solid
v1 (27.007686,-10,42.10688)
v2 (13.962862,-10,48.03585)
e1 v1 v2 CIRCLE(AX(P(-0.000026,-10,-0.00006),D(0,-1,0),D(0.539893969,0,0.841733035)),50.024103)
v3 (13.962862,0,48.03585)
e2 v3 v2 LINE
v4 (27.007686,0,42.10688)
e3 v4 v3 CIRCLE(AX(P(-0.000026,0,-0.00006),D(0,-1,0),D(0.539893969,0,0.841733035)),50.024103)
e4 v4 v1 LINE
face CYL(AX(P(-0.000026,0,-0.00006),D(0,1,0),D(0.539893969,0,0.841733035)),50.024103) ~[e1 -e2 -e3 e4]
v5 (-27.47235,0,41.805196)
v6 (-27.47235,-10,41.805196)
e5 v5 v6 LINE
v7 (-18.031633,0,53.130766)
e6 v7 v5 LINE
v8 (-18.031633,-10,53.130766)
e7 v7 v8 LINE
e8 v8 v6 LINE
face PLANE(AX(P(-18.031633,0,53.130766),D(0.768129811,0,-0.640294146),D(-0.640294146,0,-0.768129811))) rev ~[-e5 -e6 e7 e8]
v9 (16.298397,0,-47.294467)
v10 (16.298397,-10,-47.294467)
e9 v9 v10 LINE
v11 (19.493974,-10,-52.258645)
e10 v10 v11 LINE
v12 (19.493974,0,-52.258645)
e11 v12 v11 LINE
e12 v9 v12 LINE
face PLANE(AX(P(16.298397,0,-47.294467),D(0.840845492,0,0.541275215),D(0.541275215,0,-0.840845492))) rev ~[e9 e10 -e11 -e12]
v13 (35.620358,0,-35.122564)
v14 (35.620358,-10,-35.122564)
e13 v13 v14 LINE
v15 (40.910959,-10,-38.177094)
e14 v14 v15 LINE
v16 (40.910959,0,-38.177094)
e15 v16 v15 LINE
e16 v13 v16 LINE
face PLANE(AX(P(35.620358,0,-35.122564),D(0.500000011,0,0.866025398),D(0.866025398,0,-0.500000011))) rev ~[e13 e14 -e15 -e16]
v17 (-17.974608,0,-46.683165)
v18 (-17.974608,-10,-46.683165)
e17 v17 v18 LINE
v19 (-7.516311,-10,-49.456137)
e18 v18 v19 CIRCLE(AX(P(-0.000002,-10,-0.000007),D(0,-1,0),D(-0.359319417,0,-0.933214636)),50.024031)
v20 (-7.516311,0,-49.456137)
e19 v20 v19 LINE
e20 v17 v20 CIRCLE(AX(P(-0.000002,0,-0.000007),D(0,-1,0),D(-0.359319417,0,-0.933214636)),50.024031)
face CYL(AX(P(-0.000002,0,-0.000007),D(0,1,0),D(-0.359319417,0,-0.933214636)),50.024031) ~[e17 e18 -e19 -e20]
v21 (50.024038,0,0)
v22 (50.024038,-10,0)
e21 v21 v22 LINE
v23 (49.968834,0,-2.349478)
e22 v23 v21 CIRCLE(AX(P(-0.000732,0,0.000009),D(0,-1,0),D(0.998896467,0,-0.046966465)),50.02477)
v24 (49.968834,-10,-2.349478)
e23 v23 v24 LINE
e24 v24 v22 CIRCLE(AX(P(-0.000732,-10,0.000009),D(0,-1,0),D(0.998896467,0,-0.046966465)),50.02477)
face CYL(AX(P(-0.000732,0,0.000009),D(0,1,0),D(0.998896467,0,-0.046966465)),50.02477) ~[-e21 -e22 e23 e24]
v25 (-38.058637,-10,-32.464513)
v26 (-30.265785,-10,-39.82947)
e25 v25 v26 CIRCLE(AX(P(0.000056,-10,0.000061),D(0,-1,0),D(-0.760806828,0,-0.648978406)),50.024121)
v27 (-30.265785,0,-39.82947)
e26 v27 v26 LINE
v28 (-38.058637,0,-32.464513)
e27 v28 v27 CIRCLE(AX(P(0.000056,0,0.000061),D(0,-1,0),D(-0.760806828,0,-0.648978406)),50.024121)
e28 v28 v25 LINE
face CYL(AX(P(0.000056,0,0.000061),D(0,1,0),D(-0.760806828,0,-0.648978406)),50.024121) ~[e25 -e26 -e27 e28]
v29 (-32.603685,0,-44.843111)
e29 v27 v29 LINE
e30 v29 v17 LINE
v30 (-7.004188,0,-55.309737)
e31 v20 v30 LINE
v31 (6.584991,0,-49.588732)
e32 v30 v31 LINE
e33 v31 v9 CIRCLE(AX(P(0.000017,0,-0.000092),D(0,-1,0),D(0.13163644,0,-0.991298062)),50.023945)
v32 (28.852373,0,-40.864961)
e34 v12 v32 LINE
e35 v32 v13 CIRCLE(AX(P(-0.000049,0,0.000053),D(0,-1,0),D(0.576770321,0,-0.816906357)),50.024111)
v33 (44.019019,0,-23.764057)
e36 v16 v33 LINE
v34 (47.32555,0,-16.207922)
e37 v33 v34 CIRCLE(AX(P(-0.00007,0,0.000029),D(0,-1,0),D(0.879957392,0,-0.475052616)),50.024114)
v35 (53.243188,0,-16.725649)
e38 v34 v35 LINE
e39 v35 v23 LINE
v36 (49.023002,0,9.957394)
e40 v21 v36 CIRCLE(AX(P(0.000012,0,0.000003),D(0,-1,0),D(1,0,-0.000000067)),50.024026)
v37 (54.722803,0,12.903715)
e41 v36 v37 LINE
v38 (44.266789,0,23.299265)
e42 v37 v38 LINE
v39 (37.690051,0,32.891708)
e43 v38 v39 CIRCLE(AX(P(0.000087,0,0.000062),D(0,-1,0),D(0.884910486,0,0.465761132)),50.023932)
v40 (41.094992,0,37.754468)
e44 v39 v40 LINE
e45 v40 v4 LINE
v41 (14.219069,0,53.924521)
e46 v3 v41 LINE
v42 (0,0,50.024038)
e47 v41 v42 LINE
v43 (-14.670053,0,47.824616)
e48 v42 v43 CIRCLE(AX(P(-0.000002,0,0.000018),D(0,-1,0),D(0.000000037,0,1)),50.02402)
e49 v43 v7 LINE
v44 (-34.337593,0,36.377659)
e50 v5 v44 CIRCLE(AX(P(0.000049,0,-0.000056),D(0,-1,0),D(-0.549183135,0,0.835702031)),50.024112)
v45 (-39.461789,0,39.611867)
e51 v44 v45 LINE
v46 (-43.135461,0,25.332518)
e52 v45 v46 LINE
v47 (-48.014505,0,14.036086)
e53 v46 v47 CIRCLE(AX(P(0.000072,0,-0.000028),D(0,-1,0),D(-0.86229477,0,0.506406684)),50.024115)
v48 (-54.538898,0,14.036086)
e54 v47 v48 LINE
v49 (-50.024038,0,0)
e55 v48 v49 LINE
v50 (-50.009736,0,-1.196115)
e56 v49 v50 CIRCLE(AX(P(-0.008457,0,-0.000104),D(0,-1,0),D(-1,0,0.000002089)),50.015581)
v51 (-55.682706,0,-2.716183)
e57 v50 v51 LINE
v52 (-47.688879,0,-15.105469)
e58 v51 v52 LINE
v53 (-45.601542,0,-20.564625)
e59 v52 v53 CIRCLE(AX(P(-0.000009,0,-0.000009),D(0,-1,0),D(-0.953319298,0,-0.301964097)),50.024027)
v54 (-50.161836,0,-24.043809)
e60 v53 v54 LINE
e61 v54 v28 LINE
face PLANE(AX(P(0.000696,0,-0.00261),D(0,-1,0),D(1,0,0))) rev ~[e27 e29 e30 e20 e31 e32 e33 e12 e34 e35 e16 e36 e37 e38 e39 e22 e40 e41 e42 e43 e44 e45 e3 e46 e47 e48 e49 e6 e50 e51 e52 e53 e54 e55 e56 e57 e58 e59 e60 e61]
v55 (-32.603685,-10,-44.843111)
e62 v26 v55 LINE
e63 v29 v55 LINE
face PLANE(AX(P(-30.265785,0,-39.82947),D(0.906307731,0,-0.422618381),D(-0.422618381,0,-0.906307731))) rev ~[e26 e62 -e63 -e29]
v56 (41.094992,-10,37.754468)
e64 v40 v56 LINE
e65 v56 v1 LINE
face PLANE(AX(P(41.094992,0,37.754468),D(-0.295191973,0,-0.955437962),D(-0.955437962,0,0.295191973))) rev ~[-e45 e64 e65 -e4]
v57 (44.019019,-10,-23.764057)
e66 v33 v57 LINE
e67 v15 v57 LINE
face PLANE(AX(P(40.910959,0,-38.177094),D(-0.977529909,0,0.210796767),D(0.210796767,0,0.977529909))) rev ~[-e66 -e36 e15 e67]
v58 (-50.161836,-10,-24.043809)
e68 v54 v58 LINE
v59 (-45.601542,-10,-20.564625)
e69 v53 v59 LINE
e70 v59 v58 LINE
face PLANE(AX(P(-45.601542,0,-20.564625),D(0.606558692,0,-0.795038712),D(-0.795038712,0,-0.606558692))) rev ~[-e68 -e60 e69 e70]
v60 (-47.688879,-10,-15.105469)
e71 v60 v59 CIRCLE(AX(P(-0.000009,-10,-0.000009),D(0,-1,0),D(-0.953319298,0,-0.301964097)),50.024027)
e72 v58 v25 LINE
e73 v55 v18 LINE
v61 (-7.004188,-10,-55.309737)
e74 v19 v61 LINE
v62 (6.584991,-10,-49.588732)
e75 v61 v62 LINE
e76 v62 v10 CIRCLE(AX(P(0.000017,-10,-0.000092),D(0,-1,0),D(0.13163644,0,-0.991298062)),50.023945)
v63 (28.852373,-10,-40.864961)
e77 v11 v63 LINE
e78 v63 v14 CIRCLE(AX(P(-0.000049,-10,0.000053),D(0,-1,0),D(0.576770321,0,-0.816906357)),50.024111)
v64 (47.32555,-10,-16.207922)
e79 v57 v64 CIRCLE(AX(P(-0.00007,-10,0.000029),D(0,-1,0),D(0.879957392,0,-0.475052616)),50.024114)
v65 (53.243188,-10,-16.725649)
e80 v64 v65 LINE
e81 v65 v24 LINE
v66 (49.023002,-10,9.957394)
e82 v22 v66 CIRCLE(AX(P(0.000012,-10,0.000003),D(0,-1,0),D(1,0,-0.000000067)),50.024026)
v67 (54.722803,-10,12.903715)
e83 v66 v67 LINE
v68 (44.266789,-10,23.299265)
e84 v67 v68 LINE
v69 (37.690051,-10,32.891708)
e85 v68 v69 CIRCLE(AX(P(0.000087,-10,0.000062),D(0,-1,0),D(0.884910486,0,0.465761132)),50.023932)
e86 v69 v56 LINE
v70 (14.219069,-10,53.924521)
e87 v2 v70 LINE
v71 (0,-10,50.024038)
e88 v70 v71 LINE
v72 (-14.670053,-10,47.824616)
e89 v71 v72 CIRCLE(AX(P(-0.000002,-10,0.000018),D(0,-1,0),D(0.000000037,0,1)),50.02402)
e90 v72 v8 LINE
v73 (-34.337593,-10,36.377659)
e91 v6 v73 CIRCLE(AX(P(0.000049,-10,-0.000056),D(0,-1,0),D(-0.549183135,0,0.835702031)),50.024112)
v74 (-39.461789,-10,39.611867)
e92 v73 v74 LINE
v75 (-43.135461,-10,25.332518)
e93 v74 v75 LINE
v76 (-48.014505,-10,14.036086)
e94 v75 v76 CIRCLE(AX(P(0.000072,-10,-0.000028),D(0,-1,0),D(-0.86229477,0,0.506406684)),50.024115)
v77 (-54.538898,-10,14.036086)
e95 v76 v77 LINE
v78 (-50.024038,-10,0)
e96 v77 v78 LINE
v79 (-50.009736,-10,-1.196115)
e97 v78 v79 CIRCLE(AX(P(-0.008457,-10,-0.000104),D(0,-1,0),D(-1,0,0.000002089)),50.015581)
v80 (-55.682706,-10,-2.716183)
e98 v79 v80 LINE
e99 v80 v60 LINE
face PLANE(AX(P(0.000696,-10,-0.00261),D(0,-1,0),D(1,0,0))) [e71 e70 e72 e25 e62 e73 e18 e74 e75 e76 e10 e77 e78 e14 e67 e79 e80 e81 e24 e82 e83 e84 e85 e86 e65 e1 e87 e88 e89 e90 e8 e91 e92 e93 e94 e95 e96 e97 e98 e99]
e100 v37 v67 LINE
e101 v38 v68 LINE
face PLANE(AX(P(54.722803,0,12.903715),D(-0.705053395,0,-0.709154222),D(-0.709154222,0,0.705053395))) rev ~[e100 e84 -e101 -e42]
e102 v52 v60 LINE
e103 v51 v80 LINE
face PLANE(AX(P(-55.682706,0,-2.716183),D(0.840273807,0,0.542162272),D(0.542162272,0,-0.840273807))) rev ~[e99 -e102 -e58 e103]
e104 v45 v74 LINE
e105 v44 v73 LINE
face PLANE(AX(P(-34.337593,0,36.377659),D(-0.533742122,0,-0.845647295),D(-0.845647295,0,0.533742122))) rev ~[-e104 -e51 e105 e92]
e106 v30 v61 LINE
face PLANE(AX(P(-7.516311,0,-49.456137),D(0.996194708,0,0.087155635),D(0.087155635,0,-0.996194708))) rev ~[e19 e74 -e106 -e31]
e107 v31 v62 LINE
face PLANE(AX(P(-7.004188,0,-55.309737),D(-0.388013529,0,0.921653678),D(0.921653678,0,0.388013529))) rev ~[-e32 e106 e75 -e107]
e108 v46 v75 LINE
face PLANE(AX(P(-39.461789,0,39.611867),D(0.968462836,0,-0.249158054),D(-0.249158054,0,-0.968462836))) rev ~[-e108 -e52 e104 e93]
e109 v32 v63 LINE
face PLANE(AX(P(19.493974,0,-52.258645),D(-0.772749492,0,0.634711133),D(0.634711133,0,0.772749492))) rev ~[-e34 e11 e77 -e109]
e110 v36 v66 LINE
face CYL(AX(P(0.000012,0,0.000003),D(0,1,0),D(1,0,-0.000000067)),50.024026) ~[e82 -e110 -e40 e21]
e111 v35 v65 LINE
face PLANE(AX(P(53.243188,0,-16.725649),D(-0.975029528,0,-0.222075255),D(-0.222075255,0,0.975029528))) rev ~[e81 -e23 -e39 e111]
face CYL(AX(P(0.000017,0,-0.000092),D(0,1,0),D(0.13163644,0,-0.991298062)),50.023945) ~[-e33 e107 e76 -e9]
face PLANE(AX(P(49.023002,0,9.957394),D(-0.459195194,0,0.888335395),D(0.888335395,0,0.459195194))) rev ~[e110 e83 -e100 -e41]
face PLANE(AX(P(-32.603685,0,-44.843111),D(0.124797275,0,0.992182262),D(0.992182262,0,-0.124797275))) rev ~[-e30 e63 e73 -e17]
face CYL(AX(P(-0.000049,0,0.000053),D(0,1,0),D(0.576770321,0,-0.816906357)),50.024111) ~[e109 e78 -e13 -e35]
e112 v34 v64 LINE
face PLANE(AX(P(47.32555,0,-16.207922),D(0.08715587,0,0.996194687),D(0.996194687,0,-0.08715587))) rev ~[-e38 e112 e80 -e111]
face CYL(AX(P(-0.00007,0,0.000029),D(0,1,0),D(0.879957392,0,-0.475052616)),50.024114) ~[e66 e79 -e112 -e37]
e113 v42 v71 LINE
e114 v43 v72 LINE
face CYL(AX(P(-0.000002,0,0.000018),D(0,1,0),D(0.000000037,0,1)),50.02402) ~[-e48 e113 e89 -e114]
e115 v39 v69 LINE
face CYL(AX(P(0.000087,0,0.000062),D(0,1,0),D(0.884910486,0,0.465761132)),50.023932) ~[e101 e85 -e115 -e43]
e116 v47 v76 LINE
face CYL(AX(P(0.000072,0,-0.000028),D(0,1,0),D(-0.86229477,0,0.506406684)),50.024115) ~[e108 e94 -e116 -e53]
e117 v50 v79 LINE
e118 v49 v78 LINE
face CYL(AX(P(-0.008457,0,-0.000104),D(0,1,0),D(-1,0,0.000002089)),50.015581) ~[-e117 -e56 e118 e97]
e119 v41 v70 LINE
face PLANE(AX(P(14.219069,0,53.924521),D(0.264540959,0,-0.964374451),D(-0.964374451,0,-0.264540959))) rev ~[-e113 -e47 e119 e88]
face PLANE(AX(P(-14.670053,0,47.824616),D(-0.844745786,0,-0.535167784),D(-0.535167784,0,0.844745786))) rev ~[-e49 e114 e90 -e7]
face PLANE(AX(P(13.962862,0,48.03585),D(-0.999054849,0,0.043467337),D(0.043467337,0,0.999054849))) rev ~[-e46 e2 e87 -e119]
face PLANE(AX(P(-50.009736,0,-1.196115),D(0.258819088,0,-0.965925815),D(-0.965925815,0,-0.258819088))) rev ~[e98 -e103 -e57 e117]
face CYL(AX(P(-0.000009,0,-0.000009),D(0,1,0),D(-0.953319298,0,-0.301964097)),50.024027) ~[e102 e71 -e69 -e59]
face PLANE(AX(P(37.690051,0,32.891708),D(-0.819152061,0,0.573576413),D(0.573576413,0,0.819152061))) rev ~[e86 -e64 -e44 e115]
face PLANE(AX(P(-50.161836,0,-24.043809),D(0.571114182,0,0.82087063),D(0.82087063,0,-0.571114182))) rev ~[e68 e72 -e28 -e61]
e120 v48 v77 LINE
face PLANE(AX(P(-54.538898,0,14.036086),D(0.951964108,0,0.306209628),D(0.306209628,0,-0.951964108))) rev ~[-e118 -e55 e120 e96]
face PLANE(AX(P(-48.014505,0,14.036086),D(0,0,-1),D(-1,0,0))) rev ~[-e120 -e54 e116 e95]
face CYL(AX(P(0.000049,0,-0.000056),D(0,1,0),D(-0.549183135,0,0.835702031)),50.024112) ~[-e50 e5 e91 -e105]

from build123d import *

# Parameters (mm, degrees)
F1_DEPTH = 10


with BuildPart() as f1:
    # F0 (on Front) → F1 (new body)
    with BuildSketch(Plane.XZ):
        with BuildLine():
            ThreePointArc((-34.337593, 36.377659), (-39.128216, 31.167084), (-43.135461, 25.332518))
            ThreePointArc((-43.135461, 25.332518), (-45.923647, 19.834894), (-48.014505, 14.036086))
            ThreePointArc((-48.014505, 14.036086), (-49.519107, 7.089604), (-50.024038, 0))
            ThreePointArc((-50.024038, 0), (-50.020463, -0.5981), (-50.009736, -1.196115))
            ThreePointArc((-50.009736, -1.196115), (-49.341893, -8.232983), (-47.688879, -15.105469))
            ThreePointArc((-47.688879, -15.105469), (-46.725007, -17.865557), (-45.601542, -20.564625))
            ThreePointArc((-45.601542, -20.564625), (-42.251133, -26.781453), (-38.058637, -32.464513))
            ThreePointArc((-38.058637, -32.464513), (-34.360112, -36.35639), (-30.265785, -39.82947))
            ThreePointArc((-30.265785, -39.82947), (-24.362413, -43.6907), (-17.974608, -46.683165))
            ThreePointArc((-17.974608, -46.683165), (-12.820651, -48.353235), (-7.516311, -49.456137))
            ThreePointArc((-7.516311, -49.456137), (-0.470356, -50.021827), (6.584991, -49.588732))
            ThreePointArc((6.584991, -49.588732), (11.499056, -48.684455), (16.298397, -47.294467))
            ThreePointArc((16.298397, -47.294467), (22.803128, -44.524395), (28.852373, -40.864961))
            ThreePointArc((28.852373, -40.864961), (32.363977, -38.144166), (35.620358, -35.122564))
            ThreePointArc((35.620358, -35.122564), (40.222649, -29.741266), (44.019019, -23.764057))
            ThreePointArc((44.019019, -23.764057), (45.828281, -20.054253), (47.32555, -16.207922))
            ThreePointArc((47.32555, -16.207922), (49.138207, -9.372354), (49.968834, -2.349478))
            ThreePointArc((49.968834, -2.349478), (50.010235, -1.175063), (50.024038, 0))
            ThreePointArc((50.024038, 0), (49.77315, 5.003793), (49.023002, 9.957394))
            ThreePointArc((49.023002, 9.957394), (47.119504, 16.797522), (44.266789, 23.299265))
            ThreePointArc((44.266789, 23.299265), (41.258147, 28.287272), (37.690051, 32.891708))
            ThreePointArc((37.690051, 32.891708), (32.67536, 37.877768), (27.007686, 42.10688))
            ThreePointArc((27.007686, 42.10688), (20.698662, 45.540858), (13.962862, 48.03585))
            ThreePointArc((13.962862, 48.03585), (7.051851, 49.524497), (0, 50.024038))
            ThreePointArc((0, 50.024038), (-7.417006, 49.471127), (-14.670053, 47.824616))
            ThreePointArc((-14.670053, 47.824616), (-21.285063, 45.269753), (-27.47235, 41.805196))
            ThreePointArc((-27.47235, 41.805196), (-31.023891, 39.241847), (-34.337593, 36.377659))
        make_face()
        with BuildLine():
            Line((-39.461789, 39.611867), (-43.135461, 25.332518))
            ThreePointArc((-43.135461, 25.332518), (-39.128216, 31.167084), (-34.337593, 36.377659))
            Line((-34.337593, 36.377659), (-39.461789, 39.611867))
        make_face()
        with BuildLine():
            ThreePointArc((-50.024038, 0), (-49.519107, 7.089604), (-48.014505, 14.036086))
            Line((-48.014505, 14.036086), (-54.538898, 14.036086))
            Line((-54.538898, 14.036086), (-50.024038, 0))
        make_face()
        with BuildLine():
            Line((-18.031633, 53.130766), (-27.47235, 41.805196))
            ThreePointArc((-27.47235, 41.805196), (-21.285063, 45.269753), (-14.670053, 47.824616))
            Line((-14.670053, 47.824616), (-18.031633, 53.130766))
        make_face()
        with BuildLine():
            ThreePointArc((-47.688879, -15.105469), (-49.341893, -8.232983), (-50.009736, -1.196115))
            Line((-50.009736, -1.196115), (-55.682706, -2.716183))
            Line((-55.682706, -2.716183), (-47.688879, -15.105469))
        make_face()
        with BuildLine():
            Line((14.219069, 53.924521), (0, 50.024038))
            ThreePointArc((0, 50.024038), (7.051851, 49.524497), (13.962862, 48.03585))
            Line((13.962862, 48.03585), (14.219069, 53.924521))
        make_face()
        with BuildLine():
            ThreePointArc((-38.058637, -32.464513), (-42.251133, -26.781453), (-45.601542, -20.564625))
            Line((-45.601542, -20.564625), (-50.161836, -24.043809))
            Line((-50.161836, -24.043809), (-38.058637, -32.464513))
        make_face()
        with BuildLine():
            Line((41.094992, 37.754468), (27.007686, 42.10688))
            ThreePointArc((27.007686, 42.10688), (32.67536, 37.877768), (37.690051, 32.891708))
            Line((37.690051, 32.891708), (41.094992, 37.754468))
        make_face()
        with BuildLine():
            ThreePointArc((-17.974608, -46.683165), (-24.362413, -43.6907), (-30.265785, -39.82947))
            Line((-30.265785, -39.82947), (-32.603685, -44.843111))
            Line((-32.603685, -44.843111), (-17.974608, -46.683165))
        make_face()
        with BuildLine():
            Line((54.722803, 12.903715), (44.266789, 23.299265))
            ThreePointArc((44.266789, 23.299265), (47.119504, 16.797522), (49.023002, 9.957394))
            Line((49.023002, 9.957394), (54.722803, 12.903715))
        make_face()
        with BuildLine():
            ThreePointArc((6.584991, -49.588732), (-0.470356, -50.021827), (-7.516311, -49.456137))
            Line((-7.516311, -49.456137), (-7.004188, -55.309737))
            Line((-7.004188, -55.309737), (6.584991, -49.588732))
        make_face()
        with BuildLine():
            ThreePointArc((28.852373, -40.864961), (22.803128, -44.524395), (16.298397, -47.294467))
            Line((16.298397, -47.294467), (19.493974, -52.258645))
            Line((19.493974, -52.258645), (28.852373, -40.864961))
        make_face()
        with BuildLine():
            Line((53.243188, -16.725649), (49.968834, -2.349478))
            ThreePointArc((49.968834, -2.349478), (49.138207, -9.372354), (47.32555, -16.207922))
            Line((47.32555, -16.207922), (53.243188, -16.725649))
        make_face()
        with BuildLine():
            ThreePointArc((44.019019, -23.764057), (40.222649, -29.741266), (35.620358, -35.122564))
            Line((35.620358, -35.122564), (40.910959, -38.177094))
            Line((40.910959, -38.177094), (44.019019, -23.764057))
        make_face()
    extrude(amount=F1_DEPTH)


solid = f1.part
